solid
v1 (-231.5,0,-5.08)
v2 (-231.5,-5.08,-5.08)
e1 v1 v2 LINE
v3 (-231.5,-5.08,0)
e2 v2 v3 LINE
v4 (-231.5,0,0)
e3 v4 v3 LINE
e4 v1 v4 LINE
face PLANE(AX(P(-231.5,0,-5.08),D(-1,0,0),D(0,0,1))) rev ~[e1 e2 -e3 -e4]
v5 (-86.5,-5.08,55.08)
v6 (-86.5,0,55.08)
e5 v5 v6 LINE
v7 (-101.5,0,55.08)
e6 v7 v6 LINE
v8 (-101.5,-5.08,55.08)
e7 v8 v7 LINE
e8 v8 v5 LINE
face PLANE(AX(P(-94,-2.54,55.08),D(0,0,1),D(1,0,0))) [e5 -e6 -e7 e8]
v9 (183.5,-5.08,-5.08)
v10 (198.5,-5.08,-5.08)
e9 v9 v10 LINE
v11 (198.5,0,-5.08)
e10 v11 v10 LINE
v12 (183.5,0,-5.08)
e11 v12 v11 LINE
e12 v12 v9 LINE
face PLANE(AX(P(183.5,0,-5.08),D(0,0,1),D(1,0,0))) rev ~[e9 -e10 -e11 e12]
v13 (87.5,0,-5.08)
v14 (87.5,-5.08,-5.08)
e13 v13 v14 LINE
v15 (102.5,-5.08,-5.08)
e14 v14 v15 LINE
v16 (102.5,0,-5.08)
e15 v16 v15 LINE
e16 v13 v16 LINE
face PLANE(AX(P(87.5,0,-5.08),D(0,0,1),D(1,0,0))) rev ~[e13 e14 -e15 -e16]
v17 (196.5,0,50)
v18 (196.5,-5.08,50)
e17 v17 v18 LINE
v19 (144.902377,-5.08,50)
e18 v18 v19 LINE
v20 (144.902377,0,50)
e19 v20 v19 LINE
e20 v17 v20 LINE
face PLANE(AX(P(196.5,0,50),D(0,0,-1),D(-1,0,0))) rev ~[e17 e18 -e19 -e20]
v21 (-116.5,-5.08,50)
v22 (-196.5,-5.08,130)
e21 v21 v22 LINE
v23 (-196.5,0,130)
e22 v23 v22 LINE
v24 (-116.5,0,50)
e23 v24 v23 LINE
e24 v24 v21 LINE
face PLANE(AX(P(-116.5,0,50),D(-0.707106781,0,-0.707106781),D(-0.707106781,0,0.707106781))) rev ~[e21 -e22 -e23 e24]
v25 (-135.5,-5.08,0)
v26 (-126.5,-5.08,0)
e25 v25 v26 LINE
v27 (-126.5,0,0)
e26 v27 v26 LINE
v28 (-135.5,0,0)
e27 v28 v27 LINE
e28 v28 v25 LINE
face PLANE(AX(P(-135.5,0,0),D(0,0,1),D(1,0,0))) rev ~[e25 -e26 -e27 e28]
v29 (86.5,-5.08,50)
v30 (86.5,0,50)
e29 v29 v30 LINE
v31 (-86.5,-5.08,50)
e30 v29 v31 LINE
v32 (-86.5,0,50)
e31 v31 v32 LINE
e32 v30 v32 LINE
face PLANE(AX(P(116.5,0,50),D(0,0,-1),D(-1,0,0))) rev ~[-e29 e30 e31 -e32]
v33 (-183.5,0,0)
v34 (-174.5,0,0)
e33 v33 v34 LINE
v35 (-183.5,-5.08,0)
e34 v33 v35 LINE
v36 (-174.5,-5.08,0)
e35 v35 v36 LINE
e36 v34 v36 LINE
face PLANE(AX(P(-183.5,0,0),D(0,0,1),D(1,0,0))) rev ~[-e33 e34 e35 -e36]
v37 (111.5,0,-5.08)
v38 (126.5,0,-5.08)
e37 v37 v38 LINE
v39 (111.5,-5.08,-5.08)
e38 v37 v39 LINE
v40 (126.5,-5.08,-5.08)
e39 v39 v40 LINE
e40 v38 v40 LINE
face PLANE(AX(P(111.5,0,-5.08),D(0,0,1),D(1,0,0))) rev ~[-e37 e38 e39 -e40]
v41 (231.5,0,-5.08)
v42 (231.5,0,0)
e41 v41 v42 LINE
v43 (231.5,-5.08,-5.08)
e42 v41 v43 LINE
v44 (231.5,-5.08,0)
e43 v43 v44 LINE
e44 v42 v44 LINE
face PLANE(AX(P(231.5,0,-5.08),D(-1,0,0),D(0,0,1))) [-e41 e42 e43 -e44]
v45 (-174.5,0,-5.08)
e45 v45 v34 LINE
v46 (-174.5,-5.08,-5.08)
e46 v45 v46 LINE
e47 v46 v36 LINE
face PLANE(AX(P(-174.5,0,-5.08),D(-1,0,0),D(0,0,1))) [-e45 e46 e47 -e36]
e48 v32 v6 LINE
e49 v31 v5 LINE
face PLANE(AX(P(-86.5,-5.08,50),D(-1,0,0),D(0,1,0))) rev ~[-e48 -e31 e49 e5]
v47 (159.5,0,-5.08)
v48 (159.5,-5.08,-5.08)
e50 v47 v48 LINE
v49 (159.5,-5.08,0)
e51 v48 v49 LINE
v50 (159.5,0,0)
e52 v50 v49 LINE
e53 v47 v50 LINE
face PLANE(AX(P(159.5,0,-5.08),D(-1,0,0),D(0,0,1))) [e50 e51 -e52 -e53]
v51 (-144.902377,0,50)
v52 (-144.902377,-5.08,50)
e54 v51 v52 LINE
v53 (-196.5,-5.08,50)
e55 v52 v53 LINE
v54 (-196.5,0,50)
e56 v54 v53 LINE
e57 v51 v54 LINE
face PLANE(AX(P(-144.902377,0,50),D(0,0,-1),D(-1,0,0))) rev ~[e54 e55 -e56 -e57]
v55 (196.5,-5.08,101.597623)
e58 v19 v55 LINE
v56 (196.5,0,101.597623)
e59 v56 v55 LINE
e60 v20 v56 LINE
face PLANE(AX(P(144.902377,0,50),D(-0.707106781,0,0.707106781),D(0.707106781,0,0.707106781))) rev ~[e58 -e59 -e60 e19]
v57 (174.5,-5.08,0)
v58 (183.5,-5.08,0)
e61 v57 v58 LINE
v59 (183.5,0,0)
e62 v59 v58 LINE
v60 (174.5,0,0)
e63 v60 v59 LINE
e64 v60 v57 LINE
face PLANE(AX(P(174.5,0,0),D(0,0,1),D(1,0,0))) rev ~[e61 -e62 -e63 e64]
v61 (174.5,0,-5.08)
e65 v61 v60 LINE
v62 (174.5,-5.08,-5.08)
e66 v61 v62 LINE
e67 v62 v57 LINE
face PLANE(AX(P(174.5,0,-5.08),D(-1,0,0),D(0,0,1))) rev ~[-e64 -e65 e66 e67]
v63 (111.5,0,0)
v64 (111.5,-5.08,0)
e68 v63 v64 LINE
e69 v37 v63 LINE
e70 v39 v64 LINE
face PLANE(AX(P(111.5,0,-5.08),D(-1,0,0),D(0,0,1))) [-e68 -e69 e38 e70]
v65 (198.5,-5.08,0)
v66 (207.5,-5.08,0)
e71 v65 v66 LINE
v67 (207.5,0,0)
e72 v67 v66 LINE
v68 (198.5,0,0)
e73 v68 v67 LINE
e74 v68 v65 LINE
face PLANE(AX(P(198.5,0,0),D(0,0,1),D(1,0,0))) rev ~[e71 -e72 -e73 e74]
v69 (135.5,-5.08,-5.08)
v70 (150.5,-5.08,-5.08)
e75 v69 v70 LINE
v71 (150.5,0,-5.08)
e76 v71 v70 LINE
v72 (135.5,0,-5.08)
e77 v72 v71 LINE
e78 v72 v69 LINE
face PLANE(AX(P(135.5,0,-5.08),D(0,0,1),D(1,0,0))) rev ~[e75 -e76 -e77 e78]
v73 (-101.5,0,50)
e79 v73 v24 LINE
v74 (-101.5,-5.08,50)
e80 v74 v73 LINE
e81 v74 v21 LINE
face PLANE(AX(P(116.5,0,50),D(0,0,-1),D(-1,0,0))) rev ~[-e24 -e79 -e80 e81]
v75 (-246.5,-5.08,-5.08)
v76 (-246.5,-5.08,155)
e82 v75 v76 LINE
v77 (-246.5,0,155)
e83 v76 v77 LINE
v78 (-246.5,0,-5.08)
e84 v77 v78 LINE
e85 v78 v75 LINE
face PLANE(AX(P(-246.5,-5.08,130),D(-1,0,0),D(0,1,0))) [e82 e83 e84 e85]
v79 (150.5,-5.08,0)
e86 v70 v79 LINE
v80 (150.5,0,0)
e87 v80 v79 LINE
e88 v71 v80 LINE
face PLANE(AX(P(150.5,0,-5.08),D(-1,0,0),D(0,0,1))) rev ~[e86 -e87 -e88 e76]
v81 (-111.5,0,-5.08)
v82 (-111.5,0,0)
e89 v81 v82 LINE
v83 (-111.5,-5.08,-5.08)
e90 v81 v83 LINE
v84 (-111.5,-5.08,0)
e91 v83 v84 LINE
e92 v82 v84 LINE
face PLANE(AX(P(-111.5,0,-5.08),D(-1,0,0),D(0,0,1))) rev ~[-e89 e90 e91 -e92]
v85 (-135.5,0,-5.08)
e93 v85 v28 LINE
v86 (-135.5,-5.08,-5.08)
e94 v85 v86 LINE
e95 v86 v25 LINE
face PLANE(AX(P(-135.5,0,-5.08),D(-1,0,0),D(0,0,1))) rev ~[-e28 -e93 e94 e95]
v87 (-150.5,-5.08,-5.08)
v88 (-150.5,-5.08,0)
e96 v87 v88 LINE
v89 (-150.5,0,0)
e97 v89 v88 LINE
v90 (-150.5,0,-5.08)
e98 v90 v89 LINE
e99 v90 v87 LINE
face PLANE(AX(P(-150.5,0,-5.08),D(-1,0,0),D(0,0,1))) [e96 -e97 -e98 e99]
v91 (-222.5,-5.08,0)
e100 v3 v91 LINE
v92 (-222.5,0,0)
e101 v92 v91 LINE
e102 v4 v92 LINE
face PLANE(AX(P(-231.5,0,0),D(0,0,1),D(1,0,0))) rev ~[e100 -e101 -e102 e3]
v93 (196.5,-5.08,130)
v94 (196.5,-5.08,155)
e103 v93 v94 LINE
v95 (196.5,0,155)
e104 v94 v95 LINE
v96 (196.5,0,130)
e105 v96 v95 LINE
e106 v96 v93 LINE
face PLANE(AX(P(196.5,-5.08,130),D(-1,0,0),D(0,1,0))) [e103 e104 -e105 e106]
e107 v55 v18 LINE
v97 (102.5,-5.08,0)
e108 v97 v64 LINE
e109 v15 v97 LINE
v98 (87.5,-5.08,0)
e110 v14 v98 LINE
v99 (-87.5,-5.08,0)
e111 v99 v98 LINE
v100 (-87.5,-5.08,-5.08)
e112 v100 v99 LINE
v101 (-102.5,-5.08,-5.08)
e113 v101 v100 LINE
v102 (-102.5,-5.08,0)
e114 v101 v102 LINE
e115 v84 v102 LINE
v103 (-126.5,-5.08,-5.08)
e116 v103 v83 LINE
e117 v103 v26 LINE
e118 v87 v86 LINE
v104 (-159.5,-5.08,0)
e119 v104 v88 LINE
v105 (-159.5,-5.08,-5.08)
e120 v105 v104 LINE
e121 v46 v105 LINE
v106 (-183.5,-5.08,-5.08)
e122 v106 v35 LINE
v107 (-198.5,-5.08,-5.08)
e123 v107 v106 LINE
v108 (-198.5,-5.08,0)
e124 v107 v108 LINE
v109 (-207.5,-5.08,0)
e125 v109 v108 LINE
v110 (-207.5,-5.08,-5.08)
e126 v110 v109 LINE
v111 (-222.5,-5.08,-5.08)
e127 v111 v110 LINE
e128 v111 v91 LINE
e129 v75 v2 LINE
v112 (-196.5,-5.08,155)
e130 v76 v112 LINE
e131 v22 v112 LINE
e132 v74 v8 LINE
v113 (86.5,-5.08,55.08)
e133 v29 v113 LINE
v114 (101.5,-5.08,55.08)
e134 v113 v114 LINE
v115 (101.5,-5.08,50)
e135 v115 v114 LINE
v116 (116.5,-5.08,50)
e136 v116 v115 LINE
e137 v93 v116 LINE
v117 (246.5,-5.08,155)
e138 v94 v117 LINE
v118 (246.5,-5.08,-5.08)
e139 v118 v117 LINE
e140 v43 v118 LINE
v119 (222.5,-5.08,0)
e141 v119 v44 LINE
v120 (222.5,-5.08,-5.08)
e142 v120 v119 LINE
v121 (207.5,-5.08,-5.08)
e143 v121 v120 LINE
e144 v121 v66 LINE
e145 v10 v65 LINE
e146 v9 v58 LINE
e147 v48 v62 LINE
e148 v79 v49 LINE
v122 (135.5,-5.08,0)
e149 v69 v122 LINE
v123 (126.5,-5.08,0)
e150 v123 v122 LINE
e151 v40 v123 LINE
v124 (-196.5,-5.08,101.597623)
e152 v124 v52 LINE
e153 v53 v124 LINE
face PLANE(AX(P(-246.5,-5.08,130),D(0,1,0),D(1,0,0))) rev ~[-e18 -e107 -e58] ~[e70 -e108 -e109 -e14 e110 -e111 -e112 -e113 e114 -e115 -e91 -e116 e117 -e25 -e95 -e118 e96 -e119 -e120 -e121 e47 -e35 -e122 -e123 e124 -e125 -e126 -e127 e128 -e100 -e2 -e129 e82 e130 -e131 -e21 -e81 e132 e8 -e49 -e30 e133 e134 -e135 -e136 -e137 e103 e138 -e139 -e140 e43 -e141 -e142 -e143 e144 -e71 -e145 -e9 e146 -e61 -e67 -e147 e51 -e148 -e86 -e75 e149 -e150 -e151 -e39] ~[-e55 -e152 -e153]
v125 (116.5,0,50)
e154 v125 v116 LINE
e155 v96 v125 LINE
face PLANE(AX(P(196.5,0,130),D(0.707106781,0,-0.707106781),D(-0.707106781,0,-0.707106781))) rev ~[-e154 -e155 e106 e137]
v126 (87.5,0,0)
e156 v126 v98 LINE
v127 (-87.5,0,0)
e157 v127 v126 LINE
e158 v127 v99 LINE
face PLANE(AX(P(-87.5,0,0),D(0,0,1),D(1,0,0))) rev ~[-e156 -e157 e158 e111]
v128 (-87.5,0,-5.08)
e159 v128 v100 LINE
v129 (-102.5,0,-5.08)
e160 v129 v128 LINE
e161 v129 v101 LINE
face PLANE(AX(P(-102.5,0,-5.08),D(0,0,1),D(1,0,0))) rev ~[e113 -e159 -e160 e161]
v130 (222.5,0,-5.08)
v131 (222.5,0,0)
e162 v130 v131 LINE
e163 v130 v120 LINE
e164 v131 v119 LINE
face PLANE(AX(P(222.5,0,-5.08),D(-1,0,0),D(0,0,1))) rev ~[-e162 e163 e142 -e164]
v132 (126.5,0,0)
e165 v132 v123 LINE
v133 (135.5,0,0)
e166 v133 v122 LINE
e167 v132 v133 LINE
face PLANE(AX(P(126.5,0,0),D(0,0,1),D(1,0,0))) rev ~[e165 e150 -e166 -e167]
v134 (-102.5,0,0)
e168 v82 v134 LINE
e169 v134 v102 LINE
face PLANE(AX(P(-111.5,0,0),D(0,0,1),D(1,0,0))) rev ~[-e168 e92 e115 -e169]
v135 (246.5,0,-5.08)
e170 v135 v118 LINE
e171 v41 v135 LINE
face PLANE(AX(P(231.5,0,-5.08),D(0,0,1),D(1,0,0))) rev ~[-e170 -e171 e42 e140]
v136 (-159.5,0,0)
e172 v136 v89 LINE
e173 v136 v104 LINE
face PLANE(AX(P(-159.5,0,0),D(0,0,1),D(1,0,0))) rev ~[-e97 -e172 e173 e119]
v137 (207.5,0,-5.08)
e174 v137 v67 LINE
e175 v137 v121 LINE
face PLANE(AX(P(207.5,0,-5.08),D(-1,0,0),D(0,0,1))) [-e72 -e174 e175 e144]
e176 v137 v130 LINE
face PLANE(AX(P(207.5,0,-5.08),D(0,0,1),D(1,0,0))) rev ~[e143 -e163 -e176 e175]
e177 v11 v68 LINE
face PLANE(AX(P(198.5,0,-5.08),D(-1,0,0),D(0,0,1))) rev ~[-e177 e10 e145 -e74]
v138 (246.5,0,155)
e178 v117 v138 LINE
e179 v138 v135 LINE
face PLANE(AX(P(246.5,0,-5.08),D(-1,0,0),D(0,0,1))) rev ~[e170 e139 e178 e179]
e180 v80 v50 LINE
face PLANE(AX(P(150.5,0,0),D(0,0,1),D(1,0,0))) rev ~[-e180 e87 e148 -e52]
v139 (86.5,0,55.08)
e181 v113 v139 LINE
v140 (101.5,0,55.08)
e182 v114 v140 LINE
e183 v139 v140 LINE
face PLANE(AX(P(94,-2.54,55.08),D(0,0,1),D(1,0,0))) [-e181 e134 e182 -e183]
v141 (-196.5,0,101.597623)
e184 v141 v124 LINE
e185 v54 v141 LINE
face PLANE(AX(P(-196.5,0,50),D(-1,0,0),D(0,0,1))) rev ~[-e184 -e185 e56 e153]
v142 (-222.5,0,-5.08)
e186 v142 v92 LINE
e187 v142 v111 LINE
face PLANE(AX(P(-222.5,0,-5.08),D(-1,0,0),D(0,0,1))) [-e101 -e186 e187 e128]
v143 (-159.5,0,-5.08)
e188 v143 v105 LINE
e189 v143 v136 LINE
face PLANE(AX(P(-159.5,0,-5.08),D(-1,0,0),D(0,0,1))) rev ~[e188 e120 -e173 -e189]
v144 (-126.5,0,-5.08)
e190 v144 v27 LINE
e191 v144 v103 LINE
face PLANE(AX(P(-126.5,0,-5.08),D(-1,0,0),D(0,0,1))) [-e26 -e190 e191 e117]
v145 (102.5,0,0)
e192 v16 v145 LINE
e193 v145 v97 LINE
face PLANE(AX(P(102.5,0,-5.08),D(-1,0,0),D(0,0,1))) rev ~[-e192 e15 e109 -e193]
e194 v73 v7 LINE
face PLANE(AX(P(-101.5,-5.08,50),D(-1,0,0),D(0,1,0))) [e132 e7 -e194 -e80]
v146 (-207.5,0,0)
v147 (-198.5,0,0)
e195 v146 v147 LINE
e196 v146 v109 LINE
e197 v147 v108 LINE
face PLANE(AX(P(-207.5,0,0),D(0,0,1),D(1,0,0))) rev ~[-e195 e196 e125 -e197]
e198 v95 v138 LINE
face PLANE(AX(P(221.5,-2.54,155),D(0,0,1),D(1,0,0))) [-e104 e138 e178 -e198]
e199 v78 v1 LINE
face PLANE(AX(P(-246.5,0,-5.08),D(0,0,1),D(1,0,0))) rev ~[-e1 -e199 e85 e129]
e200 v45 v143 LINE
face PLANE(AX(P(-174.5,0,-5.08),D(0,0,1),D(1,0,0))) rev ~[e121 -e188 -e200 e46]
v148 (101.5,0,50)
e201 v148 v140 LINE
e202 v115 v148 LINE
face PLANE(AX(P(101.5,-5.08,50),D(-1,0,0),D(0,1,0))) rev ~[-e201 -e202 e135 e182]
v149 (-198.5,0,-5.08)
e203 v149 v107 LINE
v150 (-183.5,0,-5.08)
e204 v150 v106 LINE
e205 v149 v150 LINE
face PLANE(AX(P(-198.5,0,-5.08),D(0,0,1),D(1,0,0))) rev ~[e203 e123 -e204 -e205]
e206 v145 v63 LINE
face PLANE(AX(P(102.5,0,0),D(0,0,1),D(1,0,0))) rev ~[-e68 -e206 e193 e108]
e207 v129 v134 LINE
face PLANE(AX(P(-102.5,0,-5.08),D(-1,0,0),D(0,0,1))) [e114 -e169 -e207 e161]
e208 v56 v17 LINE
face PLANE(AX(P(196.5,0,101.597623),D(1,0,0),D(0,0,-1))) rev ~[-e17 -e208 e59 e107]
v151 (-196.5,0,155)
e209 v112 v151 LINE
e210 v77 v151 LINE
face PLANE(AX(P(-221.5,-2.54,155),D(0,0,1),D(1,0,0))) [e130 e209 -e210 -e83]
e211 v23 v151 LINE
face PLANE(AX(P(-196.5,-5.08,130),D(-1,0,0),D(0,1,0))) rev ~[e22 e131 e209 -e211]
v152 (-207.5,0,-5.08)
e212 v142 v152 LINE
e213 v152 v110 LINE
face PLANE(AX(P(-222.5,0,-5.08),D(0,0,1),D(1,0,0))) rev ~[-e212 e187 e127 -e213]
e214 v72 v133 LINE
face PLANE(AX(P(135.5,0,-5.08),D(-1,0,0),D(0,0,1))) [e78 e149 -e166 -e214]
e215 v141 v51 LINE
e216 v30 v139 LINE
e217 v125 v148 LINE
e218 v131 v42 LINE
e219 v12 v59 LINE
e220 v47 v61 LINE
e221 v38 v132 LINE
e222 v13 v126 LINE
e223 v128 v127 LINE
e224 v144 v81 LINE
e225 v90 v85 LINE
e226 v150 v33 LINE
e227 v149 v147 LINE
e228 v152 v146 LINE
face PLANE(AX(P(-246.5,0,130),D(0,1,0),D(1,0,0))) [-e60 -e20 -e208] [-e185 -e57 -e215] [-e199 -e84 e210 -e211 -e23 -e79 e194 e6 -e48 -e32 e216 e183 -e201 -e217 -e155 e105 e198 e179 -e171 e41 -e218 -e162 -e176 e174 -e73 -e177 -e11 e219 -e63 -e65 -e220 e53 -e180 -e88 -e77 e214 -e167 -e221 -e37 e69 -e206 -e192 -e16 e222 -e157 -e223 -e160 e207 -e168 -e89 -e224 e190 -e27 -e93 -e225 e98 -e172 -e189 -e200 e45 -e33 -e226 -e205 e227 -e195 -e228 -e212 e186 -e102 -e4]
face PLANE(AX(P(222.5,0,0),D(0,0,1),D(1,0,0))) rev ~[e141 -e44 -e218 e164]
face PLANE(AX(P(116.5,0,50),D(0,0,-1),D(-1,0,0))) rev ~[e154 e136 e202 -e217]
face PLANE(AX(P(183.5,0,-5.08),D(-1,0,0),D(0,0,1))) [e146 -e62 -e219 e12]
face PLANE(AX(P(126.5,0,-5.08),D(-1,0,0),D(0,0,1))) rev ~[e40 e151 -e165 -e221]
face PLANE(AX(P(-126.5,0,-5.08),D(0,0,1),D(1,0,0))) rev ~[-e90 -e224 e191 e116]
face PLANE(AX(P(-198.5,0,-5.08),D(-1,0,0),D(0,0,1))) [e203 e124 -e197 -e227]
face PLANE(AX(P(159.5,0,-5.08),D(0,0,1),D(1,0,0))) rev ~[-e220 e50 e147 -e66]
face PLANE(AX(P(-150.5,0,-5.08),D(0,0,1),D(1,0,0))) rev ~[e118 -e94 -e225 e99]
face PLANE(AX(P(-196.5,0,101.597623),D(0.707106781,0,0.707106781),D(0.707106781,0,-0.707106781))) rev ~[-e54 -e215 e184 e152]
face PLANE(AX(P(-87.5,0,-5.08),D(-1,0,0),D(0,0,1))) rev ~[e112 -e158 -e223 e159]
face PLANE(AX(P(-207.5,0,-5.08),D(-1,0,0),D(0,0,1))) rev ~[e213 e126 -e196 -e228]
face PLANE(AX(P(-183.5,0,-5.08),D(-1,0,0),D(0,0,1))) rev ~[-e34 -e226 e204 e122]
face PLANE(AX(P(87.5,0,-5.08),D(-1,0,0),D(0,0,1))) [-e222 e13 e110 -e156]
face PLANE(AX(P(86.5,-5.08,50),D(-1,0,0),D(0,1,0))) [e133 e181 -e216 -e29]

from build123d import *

# Parameters (mm, degrees)
F0_W      = 15
F0_H      = 5.08
F1_DEPTH  = 5.08
F1_FACE_W = 50
F1_FACE_H = 5.08
F2_DEPTH  = 25
F3_W      = 15
F3_H      = 5.08
F4_DEPTH  = 5.08
F5_W      = 15
F5_H      = 5.08
F6_DEPTH  = 5.08


with BuildPart() as f1:
    # F0 (on Front) → F1 (new body)
    with BuildSketch(Plane.XZ):
        Polygon((-87.5, 0), (0, 0), (0, 50), (-116.5, 50), (-144.902377, 50), (-196.5, 50), (-196.5, 101.597623), (-196.5, 130), (-246.5, 130), (-246.5, 0), (-231.5, 0), (-222.5, 0), (-207.5, 0), (-198.5, 0), (-183.5, 0), (-174.5, 0), (-159.5, 0), (-150.5, 0), (-135.5, 0), (-126.5, 0), (-111.5, 0), (-102.5, 0), align=None)
        Polygon((0, 50), (0, 0), (87.5, 0), (102.5, 0), (111.5, 0), (126.5, 0), (135.5, 0), (150.5, 0), (159.5, 0), (174.5, 0), (183.5, 0), (198.5, 0), (207.5, 0), (222.5, 0), (231.5, 0), (246.5, 0), (246.5, 130), (196.5, 130), (196.5, 101.597623), (196.5, 50), (144.902377, 50), (116.5, 50), align=None)
        with Locations((-95, -2.54)):
            Rectangle(F0_W, F0_H)
        with Locations((95, -2.54)):
            Rectangle(F0_W, F0_H)
        Polygon((-144.902377, 50), (-116.5, 50), (-196.5, 130), (-196.5, 101.597623), align=None)
        Polygon((196.5, 130), (116.5, 50), (144.902377, 50), (196.5, 101.597623), align=None)
        with Locations((-119, -2.54)):
            Rectangle(F0_W, F0_H)
        with Locations((119, -2.54)):
            Rectangle(F0_W, F0_H)
        with Locations((-143, -2.54)):
            Rectangle(F0_W, F0_H)
        with Locations((-239, -2.54)):
            Rectangle(F0_W, F0_H)
        with Locations((239, -2.54)):
            Rectangle(F0_W, F0_H)
        with Locations((143, -2.54)):
            Rectangle(F0_W, F0_H)
        with Locations((-167, -2.54)):
            Rectangle(F0_W, F0_H)
        with Locations((-215, -2.54)):
            Rectangle(F0_W, F0_H)
        with Locations((215, -2.54)):
            Rectangle(F0_W, F0_H)
        with Locations((167, -2.54)):
            Rectangle(F0_W, F0_H)
        with Locations((-191, -2.54)):
            Rectangle(F0_W, F0_H)
        with Locations((191, -2.54)):
            Rectangle(F0_W, F0_H)
    extrude(amount=F1_DEPTH)

    # F1_face (on face) → F2 (join)
    with BuildSketch(Plane(origin=(-221.5, -2.54, 130), x_dir=(1, 0, 0), z_dir=(0, 0, 1))):
        Rectangle(F1_FACE_W, F1_FACE_H)
        with Locations((443, 0)):
            Rectangle(F1_FACE_W, F1_FACE_H)
    extrude(amount=F2_DEPTH)

    # F3 (on face) → F4 (join)
    with BuildSketch(Plane.XY.offset(50)):
        with Locations((94, -2.54)):
            Rectangle(F3_W, F3_H)
    extrude(amount=F4_DEPTH)

    # F5 (on face) → F6 (join)
    with BuildSketch(Plane.XY.offset(50)):
        with Locations((-94, -2.54)):
            Rectangle(F5_W, F5_H)
    extrude(amount=F6_DEPTH)


solid = f1.part
